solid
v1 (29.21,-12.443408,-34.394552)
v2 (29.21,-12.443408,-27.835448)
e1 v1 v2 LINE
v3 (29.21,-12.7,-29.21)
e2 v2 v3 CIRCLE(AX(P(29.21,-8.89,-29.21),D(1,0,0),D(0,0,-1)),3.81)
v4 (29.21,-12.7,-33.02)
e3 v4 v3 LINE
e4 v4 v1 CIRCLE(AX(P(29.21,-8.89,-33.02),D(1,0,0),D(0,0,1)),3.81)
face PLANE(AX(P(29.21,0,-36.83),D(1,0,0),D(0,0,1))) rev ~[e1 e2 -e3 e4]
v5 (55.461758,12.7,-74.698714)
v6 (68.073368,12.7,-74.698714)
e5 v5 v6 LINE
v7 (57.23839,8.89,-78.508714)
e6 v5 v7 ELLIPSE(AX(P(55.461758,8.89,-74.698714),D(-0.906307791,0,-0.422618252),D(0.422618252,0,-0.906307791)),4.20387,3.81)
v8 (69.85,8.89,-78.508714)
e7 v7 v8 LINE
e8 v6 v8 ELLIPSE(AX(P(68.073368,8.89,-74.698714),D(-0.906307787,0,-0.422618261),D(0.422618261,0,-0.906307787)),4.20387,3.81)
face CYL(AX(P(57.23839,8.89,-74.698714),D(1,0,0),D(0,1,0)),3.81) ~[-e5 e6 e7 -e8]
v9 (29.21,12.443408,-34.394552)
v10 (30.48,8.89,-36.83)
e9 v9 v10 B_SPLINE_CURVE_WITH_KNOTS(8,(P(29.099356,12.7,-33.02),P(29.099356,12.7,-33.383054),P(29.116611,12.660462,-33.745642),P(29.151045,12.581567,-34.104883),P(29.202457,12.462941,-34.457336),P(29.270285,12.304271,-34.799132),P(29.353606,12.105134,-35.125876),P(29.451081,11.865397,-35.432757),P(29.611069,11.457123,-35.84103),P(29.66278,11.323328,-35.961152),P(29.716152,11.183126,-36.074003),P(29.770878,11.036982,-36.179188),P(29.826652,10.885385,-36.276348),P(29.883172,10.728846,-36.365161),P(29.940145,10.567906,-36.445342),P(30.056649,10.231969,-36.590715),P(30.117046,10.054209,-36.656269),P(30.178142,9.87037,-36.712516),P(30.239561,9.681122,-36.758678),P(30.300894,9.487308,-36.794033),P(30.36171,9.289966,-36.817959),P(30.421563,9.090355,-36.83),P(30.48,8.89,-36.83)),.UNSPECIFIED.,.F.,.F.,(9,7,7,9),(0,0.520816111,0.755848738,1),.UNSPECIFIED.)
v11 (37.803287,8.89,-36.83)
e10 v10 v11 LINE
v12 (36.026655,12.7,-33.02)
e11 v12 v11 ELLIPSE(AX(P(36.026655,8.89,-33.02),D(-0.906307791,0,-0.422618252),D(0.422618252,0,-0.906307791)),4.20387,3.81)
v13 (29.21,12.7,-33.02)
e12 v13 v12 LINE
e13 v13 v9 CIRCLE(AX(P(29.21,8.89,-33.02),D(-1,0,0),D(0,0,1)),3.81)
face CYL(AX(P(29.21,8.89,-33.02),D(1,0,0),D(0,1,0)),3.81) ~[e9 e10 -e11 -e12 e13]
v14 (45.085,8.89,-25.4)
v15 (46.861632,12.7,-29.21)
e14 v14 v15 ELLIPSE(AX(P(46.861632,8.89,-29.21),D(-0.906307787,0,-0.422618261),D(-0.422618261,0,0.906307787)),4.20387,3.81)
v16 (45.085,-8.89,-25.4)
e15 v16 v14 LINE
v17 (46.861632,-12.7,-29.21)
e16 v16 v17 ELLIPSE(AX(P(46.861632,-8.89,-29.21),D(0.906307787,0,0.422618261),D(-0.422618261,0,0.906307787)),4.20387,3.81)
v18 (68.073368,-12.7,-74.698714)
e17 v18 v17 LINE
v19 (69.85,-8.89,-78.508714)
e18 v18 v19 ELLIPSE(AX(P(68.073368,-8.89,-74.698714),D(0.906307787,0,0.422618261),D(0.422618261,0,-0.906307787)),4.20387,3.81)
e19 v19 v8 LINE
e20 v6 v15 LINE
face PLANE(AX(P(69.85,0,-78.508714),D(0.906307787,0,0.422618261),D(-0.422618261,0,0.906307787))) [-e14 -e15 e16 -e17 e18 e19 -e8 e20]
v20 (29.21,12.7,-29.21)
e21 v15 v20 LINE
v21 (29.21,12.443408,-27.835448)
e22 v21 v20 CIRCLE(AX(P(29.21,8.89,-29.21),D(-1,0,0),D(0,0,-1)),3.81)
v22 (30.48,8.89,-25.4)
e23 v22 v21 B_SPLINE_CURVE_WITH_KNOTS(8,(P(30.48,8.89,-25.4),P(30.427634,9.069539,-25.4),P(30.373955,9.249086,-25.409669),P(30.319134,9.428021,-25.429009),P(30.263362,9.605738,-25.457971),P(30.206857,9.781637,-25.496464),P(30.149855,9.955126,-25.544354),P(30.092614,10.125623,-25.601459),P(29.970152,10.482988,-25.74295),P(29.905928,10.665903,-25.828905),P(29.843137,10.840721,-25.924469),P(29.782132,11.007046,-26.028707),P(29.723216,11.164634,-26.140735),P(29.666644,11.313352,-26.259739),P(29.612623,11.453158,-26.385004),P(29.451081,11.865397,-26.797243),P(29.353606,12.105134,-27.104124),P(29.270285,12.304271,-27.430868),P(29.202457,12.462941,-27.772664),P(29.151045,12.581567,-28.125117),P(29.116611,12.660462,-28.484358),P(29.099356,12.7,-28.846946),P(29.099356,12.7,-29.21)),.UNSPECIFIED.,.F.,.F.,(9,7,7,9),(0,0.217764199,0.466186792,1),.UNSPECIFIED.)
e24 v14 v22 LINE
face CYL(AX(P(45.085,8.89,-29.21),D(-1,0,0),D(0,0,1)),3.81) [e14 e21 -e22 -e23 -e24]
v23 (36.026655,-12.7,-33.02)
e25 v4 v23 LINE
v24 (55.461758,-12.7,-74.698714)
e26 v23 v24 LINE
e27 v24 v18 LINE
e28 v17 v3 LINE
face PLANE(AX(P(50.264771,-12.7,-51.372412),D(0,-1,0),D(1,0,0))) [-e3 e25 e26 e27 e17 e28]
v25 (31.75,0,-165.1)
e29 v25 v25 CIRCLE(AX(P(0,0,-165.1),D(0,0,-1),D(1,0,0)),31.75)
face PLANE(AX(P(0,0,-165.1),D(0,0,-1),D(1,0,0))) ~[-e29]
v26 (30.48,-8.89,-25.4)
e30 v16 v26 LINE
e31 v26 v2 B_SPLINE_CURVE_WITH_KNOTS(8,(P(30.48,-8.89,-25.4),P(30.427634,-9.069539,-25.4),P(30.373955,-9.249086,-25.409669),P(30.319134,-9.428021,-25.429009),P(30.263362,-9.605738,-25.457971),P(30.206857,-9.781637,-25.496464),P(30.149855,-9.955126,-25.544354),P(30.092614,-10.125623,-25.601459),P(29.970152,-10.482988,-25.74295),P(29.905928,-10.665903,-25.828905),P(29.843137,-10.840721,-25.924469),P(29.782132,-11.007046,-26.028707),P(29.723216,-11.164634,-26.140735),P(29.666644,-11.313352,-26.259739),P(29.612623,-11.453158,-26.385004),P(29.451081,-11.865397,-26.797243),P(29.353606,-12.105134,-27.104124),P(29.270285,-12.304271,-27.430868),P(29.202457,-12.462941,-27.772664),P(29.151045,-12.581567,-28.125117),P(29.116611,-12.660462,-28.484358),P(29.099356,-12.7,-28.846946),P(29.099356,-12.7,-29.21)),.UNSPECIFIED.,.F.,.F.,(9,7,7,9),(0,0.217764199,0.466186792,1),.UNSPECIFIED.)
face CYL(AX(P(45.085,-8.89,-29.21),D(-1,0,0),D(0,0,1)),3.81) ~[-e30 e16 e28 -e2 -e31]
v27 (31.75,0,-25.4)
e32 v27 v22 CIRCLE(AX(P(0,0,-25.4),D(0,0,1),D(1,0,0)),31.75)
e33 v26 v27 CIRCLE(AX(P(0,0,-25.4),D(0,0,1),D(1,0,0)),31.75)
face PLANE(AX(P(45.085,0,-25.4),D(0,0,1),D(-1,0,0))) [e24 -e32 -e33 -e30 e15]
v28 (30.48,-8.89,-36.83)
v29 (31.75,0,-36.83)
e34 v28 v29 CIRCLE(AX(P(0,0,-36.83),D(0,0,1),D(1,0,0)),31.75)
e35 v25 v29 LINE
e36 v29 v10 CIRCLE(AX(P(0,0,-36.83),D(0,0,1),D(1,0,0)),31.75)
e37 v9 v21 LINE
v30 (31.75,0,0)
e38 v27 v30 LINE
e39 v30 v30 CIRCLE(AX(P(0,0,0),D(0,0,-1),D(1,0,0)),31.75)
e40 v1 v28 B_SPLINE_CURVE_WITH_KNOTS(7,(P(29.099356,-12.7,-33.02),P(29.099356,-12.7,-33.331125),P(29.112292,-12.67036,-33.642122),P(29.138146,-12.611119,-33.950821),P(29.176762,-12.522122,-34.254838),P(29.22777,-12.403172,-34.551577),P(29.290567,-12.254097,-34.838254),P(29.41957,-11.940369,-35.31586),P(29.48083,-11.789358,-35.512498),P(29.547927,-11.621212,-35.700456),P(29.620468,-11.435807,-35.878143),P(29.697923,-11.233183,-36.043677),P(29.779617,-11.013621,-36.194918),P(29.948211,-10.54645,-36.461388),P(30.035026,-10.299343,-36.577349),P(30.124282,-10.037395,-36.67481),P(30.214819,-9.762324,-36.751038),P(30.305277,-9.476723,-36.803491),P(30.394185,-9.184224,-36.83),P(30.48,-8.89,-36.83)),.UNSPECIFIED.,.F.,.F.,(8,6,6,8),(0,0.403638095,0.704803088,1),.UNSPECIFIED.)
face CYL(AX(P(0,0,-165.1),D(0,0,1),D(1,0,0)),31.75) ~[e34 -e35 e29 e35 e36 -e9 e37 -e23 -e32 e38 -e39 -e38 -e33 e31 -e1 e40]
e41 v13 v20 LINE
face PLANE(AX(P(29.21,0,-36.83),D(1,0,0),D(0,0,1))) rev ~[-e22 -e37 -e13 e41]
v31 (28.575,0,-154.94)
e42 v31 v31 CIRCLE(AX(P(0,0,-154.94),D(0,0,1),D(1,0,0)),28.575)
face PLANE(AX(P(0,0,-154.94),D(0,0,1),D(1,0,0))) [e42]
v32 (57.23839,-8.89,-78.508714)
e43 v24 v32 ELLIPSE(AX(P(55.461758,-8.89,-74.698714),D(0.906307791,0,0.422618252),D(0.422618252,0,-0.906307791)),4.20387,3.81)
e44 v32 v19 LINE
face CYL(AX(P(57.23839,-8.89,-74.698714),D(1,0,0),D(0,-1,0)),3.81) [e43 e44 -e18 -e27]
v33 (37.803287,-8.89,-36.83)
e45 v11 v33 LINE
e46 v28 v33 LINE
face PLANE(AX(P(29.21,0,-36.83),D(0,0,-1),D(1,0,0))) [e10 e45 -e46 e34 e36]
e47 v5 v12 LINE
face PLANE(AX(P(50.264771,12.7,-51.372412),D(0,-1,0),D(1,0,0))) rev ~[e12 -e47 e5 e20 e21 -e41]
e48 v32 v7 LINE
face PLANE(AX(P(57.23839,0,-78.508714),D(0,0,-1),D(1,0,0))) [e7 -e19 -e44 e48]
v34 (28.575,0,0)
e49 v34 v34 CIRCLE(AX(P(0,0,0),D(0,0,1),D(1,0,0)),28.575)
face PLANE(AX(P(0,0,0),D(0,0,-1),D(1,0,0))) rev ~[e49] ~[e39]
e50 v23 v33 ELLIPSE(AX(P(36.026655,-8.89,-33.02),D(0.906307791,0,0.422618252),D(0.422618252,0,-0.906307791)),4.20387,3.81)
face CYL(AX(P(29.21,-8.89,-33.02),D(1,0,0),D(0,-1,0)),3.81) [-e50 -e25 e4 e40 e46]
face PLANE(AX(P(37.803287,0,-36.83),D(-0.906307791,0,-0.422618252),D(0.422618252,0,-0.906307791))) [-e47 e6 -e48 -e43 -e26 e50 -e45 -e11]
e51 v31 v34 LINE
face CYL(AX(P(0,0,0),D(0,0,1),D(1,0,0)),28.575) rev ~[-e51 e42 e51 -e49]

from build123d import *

# Parameters (mm, degrees)
F0_W      = 2.54
F0_H      = 11.43
F2_DEPTH  = 12.7
F3_R      = 3.81
F4_R      = 28.575
F5_DEPTH  = 76.2
F5_FACE_R = 28.575
F6_DEPTH  = 78.74


with BuildPart() as f1:
    # F0 (on Front) → F1 (revolve)
    with BuildSketch(Plane.XZ):
        Polygon((31.75, 0), (0, 0), (0, -165.1), (31.75, -165.1), (31.75, -36.83), (29.21, -36.83), (29.21, -25.4), (31.75, -25.4), align=None)
        with Locations((30.48, -31.115)):
            Rectangle(F0_W, F0_H)
    revolve(axis=Axis((0, 0, -82.55), (0, 0, -1)))

    # F0 (on Front) → F2 (join, symmetric)
    with BuildSketch(Plane.XZ):
        Polygon((45.085, -25.4), (31.75, -25.4), (31.75, -36.83), (37.803287, -36.83), (57.23839, -78.508714), (69.85, -78.508714), align=None)
        with Locations((30.48, -31.115)):
            Rectangle(F0_W, F0_H)
    extrude(amount=F2_DEPTH, both=True)

    # F3
    f3_edges = [f1.edges().sort_by_distance(p)[0] for p in [
        (37.1475, -12.7, -25.4),
        (37.1475, 12.7, -25.4),
        (33.506643, 12.7, -36.83),
        (33.506643, -12.7, -36.83),
        (63.544195, -12.7, -78.508714),
        (63.544195, 12.7, -78.508714),
    ]]
    fillet(f3_edges, radius=F3_R)

    # F4 (on face) → F5 (cut)
    with BuildSketch(Plane.XY):
        Circle(F4_R)
    extrude(amount=-F5_DEPTH, mode=Mode.SUBTRACT)

    # F5_face (on face) → F6 (cut)
    with BuildSketch(Plane.XY.offset(-76.2)):
        Circle(F5_FACE_R)
    extrude(amount=-F6_DEPTH, mode=Mode.SUBTRACT)


solid = f1.part
